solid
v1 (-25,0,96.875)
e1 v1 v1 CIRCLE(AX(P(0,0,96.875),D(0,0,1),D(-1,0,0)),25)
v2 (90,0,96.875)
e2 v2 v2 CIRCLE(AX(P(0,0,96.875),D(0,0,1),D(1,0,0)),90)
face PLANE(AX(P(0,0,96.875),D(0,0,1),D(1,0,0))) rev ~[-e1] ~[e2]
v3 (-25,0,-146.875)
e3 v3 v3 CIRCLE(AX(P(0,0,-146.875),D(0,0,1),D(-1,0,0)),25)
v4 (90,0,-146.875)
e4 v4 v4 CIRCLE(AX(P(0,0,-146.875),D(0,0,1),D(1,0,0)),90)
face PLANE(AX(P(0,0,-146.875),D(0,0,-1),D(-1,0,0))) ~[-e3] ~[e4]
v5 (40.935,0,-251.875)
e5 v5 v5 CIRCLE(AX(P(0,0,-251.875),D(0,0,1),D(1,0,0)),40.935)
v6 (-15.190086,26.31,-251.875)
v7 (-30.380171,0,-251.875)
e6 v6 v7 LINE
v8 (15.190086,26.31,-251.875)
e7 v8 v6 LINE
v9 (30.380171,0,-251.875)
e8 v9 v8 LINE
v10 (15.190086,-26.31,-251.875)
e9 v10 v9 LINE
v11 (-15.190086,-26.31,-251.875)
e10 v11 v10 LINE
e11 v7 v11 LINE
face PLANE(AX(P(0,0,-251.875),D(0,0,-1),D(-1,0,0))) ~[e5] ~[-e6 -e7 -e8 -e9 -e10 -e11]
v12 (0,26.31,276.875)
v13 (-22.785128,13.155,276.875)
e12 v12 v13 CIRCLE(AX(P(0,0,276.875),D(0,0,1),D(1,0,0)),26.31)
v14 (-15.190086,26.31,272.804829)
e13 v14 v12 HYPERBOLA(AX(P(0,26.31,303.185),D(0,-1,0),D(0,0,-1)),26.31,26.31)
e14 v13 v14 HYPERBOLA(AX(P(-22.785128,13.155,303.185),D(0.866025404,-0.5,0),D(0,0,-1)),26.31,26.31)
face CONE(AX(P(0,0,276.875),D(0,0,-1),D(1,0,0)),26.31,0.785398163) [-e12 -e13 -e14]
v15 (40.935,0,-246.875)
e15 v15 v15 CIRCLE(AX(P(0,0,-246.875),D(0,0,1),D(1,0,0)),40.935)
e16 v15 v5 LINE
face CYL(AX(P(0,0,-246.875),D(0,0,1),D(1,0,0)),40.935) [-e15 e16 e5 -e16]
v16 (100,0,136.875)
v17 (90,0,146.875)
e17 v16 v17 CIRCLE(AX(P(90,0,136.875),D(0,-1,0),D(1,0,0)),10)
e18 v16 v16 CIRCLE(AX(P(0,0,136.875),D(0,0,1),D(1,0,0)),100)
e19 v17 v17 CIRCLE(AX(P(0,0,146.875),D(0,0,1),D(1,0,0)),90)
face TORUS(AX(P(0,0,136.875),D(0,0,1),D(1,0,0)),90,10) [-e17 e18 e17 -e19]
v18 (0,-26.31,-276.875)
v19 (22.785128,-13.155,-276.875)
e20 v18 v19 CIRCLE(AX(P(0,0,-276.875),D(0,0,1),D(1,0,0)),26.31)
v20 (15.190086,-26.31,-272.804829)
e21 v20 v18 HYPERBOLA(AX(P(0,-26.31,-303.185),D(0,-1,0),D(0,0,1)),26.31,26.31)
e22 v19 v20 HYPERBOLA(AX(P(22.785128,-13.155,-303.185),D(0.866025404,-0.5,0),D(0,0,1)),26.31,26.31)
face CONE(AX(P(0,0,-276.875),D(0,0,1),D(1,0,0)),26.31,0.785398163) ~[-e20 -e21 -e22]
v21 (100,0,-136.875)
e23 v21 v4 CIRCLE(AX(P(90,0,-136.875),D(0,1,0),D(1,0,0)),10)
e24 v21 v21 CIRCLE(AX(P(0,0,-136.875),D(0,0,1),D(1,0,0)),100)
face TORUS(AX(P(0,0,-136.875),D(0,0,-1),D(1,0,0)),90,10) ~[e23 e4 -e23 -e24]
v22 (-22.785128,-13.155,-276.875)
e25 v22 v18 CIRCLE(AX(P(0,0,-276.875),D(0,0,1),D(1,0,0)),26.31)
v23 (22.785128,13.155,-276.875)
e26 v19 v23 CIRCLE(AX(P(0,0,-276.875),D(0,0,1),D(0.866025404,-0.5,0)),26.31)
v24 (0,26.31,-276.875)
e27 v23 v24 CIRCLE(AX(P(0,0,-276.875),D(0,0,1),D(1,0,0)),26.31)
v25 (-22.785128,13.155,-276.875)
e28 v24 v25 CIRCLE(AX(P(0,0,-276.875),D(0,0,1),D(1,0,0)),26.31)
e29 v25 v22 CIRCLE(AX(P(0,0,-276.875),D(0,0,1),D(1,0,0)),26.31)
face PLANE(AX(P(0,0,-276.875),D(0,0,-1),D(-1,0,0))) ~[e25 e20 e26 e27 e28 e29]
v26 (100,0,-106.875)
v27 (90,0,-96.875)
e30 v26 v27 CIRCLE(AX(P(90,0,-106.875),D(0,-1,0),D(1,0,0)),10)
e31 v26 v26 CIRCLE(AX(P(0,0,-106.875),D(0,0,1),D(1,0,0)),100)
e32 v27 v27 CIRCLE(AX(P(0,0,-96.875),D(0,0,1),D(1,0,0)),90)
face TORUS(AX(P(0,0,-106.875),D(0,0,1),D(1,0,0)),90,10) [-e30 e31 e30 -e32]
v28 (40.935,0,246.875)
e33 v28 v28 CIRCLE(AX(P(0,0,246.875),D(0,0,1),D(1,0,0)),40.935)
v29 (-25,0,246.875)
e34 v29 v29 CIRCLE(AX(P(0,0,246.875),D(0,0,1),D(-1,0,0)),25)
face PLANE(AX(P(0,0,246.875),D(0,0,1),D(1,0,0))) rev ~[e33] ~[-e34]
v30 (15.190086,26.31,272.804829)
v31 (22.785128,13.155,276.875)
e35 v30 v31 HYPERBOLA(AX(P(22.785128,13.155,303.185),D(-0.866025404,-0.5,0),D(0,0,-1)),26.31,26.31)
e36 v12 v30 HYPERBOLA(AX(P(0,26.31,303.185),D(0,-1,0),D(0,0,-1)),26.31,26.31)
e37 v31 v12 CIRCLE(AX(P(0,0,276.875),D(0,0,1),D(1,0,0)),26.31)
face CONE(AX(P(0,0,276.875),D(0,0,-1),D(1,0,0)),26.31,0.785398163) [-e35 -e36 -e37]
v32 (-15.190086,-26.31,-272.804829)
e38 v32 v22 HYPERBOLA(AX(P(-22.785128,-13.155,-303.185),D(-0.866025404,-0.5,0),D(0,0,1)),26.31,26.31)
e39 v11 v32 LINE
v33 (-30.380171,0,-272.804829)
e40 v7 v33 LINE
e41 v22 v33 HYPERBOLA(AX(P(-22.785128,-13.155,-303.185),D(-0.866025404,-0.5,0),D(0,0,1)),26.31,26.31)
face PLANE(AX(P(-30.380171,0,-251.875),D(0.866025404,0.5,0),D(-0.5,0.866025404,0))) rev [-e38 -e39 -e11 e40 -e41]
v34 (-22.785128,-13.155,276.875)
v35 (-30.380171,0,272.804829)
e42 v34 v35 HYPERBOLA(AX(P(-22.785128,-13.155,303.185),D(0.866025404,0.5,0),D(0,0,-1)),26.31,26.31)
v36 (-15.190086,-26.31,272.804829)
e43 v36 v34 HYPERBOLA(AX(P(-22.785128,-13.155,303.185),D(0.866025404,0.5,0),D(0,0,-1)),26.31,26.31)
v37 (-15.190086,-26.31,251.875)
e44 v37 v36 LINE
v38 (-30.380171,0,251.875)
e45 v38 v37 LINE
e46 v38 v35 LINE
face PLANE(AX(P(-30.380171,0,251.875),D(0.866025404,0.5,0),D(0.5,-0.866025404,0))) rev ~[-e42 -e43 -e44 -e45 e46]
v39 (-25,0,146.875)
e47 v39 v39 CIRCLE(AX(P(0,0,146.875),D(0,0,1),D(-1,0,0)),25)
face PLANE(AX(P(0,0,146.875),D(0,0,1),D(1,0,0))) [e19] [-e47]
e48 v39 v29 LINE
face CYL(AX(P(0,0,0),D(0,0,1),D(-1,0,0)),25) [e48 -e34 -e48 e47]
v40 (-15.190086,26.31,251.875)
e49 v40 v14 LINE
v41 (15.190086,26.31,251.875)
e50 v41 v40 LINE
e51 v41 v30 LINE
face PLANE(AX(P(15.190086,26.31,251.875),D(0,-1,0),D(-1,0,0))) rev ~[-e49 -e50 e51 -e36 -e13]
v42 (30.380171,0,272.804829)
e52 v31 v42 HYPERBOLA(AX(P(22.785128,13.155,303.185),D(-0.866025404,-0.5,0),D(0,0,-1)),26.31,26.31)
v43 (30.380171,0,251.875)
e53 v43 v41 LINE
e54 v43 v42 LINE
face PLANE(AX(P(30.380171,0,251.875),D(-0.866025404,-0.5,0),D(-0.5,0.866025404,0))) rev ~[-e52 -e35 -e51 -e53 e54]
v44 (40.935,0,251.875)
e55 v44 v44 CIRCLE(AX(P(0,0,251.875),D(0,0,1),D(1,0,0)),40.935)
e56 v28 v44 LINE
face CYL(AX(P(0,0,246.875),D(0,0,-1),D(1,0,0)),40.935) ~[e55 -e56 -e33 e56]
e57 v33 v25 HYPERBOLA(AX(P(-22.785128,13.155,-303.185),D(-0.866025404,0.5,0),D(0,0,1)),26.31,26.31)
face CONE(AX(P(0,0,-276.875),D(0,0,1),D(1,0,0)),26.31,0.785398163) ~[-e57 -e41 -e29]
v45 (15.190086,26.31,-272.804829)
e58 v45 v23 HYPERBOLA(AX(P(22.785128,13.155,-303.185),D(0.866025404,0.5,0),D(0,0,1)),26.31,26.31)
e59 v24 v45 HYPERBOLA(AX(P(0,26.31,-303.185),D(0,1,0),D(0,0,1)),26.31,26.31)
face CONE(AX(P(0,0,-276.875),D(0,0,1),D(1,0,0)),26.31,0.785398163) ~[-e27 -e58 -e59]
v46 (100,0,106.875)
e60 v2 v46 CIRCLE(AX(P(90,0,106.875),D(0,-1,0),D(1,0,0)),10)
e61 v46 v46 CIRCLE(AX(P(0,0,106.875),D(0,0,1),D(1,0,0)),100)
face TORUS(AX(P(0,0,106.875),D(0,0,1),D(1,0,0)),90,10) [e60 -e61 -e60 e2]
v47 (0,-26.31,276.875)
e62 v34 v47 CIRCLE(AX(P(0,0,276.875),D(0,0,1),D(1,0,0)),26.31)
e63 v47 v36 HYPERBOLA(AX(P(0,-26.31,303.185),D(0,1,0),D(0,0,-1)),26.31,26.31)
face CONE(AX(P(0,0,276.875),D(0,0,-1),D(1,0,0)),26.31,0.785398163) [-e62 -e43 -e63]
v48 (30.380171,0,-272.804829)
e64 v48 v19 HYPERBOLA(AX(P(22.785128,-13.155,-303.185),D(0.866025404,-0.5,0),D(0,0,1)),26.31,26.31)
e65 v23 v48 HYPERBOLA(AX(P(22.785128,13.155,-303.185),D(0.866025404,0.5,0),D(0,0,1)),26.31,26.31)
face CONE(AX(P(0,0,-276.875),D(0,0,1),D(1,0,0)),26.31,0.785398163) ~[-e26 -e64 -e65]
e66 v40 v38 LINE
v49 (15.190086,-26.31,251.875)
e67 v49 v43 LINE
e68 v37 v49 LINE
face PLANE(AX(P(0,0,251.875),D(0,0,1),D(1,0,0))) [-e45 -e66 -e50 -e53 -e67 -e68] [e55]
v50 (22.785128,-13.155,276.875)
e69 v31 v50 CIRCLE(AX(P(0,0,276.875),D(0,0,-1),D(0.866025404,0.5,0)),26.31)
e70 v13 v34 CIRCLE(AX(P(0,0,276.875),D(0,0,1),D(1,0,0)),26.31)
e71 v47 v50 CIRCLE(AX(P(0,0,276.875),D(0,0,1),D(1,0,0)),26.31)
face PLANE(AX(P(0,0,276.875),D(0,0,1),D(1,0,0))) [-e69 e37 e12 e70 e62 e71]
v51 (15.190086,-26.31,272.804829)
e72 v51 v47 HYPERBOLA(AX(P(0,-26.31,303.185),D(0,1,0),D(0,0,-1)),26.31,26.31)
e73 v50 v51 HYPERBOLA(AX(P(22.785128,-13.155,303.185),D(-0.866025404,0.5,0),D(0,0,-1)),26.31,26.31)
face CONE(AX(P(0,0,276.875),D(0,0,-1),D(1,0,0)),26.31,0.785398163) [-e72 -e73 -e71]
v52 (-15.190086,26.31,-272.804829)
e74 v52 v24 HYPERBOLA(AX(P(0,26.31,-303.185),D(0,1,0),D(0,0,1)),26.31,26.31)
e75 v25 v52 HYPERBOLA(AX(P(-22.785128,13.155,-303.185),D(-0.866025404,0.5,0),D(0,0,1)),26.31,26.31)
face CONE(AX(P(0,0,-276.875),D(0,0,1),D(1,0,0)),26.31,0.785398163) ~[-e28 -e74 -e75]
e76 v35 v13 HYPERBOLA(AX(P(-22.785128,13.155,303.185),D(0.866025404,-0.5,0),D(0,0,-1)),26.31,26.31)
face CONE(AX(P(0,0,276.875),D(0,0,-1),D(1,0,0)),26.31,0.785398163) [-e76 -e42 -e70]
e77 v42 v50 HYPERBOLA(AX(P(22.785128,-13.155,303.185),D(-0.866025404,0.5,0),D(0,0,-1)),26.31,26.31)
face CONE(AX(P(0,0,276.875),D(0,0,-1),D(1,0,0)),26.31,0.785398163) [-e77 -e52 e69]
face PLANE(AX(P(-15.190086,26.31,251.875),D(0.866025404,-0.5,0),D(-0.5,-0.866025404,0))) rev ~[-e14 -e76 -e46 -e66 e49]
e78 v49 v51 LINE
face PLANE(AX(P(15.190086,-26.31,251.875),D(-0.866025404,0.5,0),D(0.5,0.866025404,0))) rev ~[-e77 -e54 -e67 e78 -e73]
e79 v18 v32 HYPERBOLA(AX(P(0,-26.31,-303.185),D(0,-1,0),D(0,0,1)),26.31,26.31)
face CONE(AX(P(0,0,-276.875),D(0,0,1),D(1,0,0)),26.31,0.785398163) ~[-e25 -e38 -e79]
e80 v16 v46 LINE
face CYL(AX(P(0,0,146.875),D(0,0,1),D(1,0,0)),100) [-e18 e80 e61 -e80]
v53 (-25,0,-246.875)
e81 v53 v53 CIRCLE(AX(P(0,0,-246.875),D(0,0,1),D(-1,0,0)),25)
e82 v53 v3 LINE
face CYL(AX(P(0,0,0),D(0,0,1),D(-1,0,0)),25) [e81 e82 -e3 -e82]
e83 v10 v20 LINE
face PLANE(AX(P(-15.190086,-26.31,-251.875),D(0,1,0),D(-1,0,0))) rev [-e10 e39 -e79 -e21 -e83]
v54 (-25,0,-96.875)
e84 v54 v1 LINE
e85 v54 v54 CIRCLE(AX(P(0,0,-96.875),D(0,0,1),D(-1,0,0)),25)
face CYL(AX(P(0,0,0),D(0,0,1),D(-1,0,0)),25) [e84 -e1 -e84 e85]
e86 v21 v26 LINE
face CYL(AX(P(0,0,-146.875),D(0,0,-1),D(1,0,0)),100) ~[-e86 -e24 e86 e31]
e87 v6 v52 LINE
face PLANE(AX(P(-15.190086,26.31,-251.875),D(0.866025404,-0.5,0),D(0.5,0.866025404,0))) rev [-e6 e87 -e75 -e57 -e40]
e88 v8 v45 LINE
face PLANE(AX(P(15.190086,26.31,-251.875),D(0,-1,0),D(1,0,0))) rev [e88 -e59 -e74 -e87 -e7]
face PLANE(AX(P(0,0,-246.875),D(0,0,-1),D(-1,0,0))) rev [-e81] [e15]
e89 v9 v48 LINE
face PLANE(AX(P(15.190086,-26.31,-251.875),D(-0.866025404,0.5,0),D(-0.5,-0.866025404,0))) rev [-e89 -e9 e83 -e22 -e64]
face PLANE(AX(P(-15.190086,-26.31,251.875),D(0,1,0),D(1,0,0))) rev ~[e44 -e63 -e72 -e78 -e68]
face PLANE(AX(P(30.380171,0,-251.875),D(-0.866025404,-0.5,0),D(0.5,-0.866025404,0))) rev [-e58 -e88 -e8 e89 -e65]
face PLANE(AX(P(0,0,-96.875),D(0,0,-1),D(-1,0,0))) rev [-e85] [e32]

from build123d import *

# Parameters (mm, degrees)
SKETCH1_R           = 25
BOSS_EXTRUDE1_DEPTH = 246.875
SKETCH2_R           = 100
BOSS_EXTRUDE2_DEPTH = 50
FILLET1_R           = 10
SKETCH3_R           = 40.935
BOSS_EXTRUDE3_DEPTH = 5
BOSS_EXTRUDE4_DEPTH = 25
SKETCH5_R           = 34.808926318
SKETCH5_R_2         = 26.31
CUT_EXTRUDE1_DEPTH  = 25
CUT_EXTRUDE1_TAPER  = 45


with BuildPart() as part:
    # Sketch1 → Boss-Extrude1 (new, symmetric)
    with BuildSketch(Plane.XY):
        with Locations(Location((0, 0, 0), (0, 0, 180))):
            Circle(SKETCH1_R)
    extrude(amount=BOSS_EXTRUDE1_DEPTH, both=True)

    # Sketch2 → Boss-Extrude2 (add)
    with BuildSketch(Plane.XY.offset(146.875)):
        Circle(SKETCH2_R)
    boss_extrude2 = extrude(amount=-BOSS_EXTRUDE2_DEPTH)

    # Mirror1: Boss-Extrude2 across plane
    add(boss_extrude2.mirror(Plane.XY))

    # Fillet1
    fillet1_edges = [part.edges().sort_by_distance(p)[0] for p in [
        (-100, 0, -146.875),
        (-100, 0, -96.875),
        (-100, 0, 96.875),
        (-100, 0, 146.875),
    ]]
    fillet(fillet1_edges, radius=FILLET1_R)

    # Sketch3 → Boss-Extrude3 (add)
    with BuildSketch(Plane.XY.offset(246.875)):
        Circle(SKETCH3_R)
    boss_extrude3 = extrude(amount=BOSS_EXTRUDE3_DEPTH)

    # Sketch4 → Boss-Extrude4 (add)
    with BuildSketch(Plane.XY.offset(251.875)):
        Polygon((-30.380171165, 0), (-15.190085582, -26.31), (15.190085582, -26.31), (30.380171165, 0), (15.190085582, 26.31), (-15.190085582, 26.31), align=None)
    boss_extrude4 = extrude(amount=BOSS_EXTRUDE4_DEPTH)

    # Sketch5 → Cut-Extrude1 (cut)
    with BuildSketch(Plane.XY.offset(276.875)):
        Circle(SKETCH5_R)
        Circle(SKETCH5_R_2, mode=Mode.SUBTRACT)
    cut_extrude1 = extrude(amount=-CUT_EXTRUDE1_DEPTH, taper=CUT_EXTRUDE1_TAPER, mode=Mode.SUBTRACT)

    # Mirror2: Boss-Extrude3, Boss-Extrude4, Cut-Extrude1 across plane
    add(boss_extrude3.mirror(Plane.XY))
    add(boss_extrude4.mirror(Plane.XY))
    add(cut_extrude1.mirror(Plane.XY), mode=Mode.SUBTRACT)


solid = part.part
